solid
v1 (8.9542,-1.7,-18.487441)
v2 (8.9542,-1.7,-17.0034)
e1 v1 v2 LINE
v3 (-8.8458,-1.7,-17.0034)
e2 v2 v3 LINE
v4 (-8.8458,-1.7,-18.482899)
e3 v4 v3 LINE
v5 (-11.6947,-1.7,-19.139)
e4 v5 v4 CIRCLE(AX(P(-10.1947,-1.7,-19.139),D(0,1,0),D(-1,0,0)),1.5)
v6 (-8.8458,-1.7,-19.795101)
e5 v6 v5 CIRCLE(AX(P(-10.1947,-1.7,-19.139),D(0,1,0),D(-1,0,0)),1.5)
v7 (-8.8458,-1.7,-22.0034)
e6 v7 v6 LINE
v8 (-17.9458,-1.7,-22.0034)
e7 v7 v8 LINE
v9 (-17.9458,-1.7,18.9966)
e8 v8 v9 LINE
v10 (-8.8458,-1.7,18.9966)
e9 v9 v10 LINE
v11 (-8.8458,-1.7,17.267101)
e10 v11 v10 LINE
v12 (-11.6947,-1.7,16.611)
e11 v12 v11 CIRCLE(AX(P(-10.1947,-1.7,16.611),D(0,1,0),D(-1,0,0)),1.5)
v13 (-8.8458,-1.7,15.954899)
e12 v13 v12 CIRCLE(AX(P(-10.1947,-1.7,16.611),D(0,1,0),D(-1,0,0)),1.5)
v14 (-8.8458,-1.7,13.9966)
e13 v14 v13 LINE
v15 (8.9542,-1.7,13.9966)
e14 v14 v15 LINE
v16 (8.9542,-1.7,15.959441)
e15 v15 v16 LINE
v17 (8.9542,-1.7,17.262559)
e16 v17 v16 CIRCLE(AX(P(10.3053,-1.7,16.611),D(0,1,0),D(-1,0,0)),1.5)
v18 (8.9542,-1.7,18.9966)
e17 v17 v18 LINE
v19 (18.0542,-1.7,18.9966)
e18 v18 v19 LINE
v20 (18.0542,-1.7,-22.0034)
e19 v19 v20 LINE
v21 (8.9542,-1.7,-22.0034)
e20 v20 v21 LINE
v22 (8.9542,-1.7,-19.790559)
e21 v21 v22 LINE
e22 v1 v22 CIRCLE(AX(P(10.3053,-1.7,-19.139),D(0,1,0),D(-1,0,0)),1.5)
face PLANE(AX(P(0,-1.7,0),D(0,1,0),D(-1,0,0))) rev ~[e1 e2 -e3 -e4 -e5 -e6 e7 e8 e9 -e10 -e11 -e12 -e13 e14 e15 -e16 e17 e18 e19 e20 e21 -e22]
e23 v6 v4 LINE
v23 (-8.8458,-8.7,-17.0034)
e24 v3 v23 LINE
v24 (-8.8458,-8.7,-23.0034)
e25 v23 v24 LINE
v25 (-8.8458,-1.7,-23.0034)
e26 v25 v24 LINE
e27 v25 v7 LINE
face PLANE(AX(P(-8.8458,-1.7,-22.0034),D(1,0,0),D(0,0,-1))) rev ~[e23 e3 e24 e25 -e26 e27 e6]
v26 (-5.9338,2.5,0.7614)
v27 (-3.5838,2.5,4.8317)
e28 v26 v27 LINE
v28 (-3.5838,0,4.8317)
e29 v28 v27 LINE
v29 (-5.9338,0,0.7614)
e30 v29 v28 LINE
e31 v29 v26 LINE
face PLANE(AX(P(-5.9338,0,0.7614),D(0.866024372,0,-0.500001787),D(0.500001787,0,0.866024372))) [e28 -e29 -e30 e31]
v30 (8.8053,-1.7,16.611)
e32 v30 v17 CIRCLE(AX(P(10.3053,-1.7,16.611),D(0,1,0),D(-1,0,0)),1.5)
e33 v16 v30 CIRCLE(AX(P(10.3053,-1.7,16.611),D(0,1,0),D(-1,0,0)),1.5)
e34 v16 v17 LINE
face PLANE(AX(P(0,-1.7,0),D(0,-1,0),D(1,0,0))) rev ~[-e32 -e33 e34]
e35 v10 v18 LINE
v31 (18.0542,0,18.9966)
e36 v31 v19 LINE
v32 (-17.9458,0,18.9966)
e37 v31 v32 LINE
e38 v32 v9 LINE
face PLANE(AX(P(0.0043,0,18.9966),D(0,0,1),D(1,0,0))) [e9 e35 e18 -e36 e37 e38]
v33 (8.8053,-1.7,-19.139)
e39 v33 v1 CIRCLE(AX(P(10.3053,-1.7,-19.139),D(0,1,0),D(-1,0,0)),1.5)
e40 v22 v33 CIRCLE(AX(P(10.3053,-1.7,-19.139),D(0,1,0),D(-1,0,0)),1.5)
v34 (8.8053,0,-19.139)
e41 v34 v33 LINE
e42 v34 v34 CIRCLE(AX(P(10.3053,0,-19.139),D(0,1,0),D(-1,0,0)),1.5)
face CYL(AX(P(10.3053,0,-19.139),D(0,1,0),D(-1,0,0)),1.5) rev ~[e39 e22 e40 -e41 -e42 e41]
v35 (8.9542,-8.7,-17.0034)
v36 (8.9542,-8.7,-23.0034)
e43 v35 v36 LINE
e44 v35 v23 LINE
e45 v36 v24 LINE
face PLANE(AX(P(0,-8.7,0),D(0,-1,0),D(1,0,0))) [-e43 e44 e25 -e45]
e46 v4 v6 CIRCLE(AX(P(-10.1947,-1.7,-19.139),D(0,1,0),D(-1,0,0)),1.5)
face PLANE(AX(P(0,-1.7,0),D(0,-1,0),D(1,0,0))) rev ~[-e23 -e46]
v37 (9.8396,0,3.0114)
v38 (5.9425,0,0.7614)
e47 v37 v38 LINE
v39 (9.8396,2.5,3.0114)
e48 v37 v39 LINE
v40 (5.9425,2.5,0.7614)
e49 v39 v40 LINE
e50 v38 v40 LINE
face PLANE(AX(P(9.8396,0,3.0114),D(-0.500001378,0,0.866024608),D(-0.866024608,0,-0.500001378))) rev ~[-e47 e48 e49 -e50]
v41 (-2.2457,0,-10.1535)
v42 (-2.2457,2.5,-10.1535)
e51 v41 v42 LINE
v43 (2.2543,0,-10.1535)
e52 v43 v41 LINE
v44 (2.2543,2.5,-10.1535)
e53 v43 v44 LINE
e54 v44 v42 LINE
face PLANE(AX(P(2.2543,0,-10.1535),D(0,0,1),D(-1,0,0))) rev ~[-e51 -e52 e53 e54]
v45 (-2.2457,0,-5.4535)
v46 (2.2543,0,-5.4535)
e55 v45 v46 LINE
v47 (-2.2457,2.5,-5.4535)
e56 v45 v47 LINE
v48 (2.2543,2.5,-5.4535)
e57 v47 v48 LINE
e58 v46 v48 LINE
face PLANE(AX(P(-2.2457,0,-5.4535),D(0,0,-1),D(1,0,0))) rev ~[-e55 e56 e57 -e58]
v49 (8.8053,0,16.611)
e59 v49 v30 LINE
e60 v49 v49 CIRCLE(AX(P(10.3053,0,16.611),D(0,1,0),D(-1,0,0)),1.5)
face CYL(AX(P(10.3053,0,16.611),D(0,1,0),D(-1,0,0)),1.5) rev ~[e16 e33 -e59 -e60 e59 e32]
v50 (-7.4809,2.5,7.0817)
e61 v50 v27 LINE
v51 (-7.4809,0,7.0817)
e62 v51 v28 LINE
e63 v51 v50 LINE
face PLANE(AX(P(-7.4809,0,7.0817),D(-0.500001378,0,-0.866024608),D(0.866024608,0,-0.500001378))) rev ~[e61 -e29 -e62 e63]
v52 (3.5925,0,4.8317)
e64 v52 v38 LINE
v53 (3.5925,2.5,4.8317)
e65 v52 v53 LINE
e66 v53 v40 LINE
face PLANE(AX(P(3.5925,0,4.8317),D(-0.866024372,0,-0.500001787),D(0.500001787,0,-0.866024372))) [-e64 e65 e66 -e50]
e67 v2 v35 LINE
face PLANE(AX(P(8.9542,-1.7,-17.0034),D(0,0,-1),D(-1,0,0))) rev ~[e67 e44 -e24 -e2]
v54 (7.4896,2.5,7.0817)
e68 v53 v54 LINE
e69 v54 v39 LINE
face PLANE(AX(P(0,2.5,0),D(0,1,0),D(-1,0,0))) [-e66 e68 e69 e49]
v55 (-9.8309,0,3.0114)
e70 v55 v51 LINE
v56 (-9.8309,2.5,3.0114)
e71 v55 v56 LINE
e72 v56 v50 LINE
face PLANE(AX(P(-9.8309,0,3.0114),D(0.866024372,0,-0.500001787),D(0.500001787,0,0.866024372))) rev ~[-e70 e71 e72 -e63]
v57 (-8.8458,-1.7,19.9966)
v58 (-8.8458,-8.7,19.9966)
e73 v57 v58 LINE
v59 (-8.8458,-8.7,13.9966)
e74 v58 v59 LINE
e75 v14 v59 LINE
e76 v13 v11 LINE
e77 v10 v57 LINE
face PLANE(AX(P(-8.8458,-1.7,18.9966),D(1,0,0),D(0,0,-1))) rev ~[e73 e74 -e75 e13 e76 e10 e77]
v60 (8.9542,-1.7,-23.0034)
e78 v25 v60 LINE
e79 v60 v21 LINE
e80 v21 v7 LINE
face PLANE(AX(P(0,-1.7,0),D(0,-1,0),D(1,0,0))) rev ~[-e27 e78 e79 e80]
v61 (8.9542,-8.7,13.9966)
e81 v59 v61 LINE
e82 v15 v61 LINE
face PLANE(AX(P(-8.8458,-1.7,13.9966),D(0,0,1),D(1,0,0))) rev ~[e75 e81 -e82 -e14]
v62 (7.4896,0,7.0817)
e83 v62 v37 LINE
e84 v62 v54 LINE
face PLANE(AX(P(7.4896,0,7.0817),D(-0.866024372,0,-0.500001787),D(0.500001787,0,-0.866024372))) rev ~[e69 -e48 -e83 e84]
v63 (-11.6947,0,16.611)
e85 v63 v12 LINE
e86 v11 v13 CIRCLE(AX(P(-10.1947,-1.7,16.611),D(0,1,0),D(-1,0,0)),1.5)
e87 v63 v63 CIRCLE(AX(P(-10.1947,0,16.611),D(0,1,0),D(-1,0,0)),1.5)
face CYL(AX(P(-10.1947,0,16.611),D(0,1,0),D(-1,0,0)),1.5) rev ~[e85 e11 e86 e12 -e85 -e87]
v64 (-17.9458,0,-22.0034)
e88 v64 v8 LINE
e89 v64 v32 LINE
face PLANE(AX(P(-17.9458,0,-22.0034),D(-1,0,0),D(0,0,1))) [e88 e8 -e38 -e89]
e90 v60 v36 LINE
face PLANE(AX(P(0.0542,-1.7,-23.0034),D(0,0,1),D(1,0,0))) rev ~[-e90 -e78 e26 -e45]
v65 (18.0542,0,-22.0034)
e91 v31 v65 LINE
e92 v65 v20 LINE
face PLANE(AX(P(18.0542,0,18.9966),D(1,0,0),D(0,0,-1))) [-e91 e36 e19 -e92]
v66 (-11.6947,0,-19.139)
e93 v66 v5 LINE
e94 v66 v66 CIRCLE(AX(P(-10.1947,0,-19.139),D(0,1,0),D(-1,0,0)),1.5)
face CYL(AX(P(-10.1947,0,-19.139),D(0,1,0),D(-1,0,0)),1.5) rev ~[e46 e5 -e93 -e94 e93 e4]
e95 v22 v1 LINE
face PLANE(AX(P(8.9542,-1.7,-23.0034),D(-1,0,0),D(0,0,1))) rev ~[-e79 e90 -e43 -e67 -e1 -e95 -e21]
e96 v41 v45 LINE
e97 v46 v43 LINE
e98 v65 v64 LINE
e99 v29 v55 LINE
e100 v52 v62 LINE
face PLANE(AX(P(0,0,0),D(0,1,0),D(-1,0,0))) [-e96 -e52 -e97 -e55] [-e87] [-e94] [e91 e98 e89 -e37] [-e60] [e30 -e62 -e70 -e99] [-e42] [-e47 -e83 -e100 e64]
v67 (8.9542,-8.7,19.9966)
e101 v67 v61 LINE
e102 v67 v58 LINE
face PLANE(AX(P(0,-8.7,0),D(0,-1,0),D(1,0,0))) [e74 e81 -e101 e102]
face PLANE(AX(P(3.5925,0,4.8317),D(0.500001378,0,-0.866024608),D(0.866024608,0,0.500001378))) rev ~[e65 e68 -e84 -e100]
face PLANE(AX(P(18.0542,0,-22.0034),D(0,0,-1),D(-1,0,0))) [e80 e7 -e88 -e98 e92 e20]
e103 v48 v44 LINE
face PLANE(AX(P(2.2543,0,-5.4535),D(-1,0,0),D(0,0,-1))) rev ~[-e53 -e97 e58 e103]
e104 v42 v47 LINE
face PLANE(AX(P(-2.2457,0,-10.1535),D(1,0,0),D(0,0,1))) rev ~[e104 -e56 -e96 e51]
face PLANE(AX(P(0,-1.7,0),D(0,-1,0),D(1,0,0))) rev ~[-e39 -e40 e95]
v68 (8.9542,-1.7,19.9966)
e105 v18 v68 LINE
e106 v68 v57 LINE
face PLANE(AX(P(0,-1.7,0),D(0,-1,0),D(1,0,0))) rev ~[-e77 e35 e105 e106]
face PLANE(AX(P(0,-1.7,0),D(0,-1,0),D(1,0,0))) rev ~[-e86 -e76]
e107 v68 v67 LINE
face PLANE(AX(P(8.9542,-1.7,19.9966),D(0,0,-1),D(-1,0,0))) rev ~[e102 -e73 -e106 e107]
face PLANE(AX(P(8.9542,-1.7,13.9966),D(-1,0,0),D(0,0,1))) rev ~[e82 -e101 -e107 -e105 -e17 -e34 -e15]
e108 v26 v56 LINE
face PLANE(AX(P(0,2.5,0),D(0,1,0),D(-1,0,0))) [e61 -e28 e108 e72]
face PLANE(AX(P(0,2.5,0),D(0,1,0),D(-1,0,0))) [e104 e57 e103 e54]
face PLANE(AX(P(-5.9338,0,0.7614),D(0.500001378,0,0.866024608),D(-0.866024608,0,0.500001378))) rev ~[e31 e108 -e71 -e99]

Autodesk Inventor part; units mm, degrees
ref_plane "YZ Plane" through (0, 0, 0) normal (1, 0, 0) x (0, 1, 0)
ref_plane "XZ Plane" through (0, 0, 0) normal (0, 1, 0) x (-1, 0, 0)
ref_plane "XY Plane" through (0, 0, 0) normal (0, 0, 1) x (1, 0, 0)
sketch "Sketch1" plane through (0, 0, 0) normal (0, 1, 0) x (-1, 0, 0)
  line L0 (-18.0542, -22.0034) -> (17.9458, -22.0034)
  line L1 (17.9458, -22.0034) -> (17.9458, 18.9966)
  line L2 (17.9458, 18.9966) -> (-18.0542, 18.9966)
  line L3 (-18.0542, 18.9966) -> (-18.0542, -22.0034)
  line L4 (-18.0542, 18.9966) -> (-0.0043, 18.9966)
  line L5 (-18.0043, 0.0465) -> (-18.0542, 18.9966)
  circle A0 centre (0, 0) radius 11.5
  circle A1 centre (0, 0) radius 12.5
  line L6 (-2.2543, -5.4535) -> (-2.2543, -10.1535)
  line L7 (-2.2543, -10.1535) -> (2.2457, -10.1535)
  line L8 (2.2457, -10.1535) -> (2.2457, -5.4535)
  line L9 (2.2457, -5.4535) -> (-2.2543, -5.4535)
  line L10 (5.9338, 0.7614) -> (9.8309, 3.0114)
  line L11 (9.8309, 3.0114) -> (7.4809, 7.0817)
  line L12 (7.4809, 7.0817) -> (3.5838, 4.8317)
  line L13 (5.9338, 0.7614) -> (3.5838, 4.8317)
  line L14 (-3.5925, 4.8317) -> (-7.4896, 7.0817)
  line L15 (-7.4896, 7.0817) -> (-9.8396, 3.0114)
  line L16 (-9.8396, 3.0114) -> (-5.9425, 0.7614)
  line L17 (-3.5925, 4.8317) -> (-5.9425, 0.7614)
  circle A2 centre (10.1947, -19.139) radius 1.5
  circle A3 centre (-10.3053, 16.611) radius 1.5
  circle A4 centre (10.1947, 16.611) radius 1.5
  circle A5 centre (-10.3053, -19.139) radius 1.5
  line L18 (18.9458, -23.0034) -> (-19.0542, -23.0034)
  line L19 (-19.0542, -23.0034) -> (-19.0542, 19.9966)
  line L20 (-19.0542, 19.9966) -> (18.9458, 19.9966)
  line L21 (18.9458, 19.9966) -> (18.9458, -23.0034)
  line L22 (18.9458, -23.0034) -> (-18.9686, -22.7989) construction
  line L23 (-18.9686, -22.7989) -> (-18.7366, 20.211) construction
  line L24 (-18.7366, 20.211) -> (19.1777, 20.0065) construction
  line L25 (19.1777, 20.0065) -> (18.9458, -23.0034) construction
  point P0 (-0.0043, -1.4535)
  dimension "d0" = 41
  dimension "d1" = 36
  dimension "d2" = 4.7
  dimension "d3" = 4.5
  dimension "d4" = 4.5
  dimension "d5" = 4.7
  dimension "d6" = 3
  dimension "d7" = 3
  dimension "d8" = 3
  dimension "d9" = 3
  dimension "d10" = 1
extrude "Extrusion1" add sketch "Sketch1" against normal blind 1.7 contours L3 L2 L1 L0 | A0 | A1 | L9 L8 L7 L6 | L13 L12 L11 L10 | L17 L16 L15 L14
extrude "Extrusion2" add sketch "Sketch1" along normal blind 2.5 contours L9 L8 L7 L6 | L13 L12 L11 L10 | L17 L16 L15 L14
sketch "Sketch2" plane through (0, -1.7, 0) normal (0, -1, 0) x (1, 0, 0)
  line L0 (18.0542, 18.9966) -> (-17.9458, 18.9966) projected
  line L1 (8.9542, 19.9966) -> (-8.8458, 19.9966)
  line L2 (-8.8458, 19.9966) -> (-8.8458, 13.9966)
  line L3 (-8.8458, 13.9966) -> (8.9542, 13.9966)
  line L4 (8.9542, 13.9966) -> (8.9542, 19.9966)
  line L5 (18.0542, -22.0034) -> (-17.9458, -22.0034) projected
  line L6 (0.0542, -22.0034) -> (0.0542, -23.0034)
  line L7 (-8.8458, -23.0034) -> (8.9542, -23.0034)
  line L8 (8.9542, -23.0034) -> (8.9542, -17.0034)
  line L9 (8.9542, -17.0034) -> (-8.8458, -17.0034)
  line L10 (-8.8458, -17.0034) -> (-8.8458, -23.0034)
  point P0 (0, 0)
  dimension "d50" = 17.8
  dimension "d51" = 6
  dimension "d54" = 1
  dimension "d56" = 17.8
  dimension "d57" = 6
extrude "Extrusion3" add sketch "Sketch2" along normal blind 7
properties part number "Spectral_Sensor"
